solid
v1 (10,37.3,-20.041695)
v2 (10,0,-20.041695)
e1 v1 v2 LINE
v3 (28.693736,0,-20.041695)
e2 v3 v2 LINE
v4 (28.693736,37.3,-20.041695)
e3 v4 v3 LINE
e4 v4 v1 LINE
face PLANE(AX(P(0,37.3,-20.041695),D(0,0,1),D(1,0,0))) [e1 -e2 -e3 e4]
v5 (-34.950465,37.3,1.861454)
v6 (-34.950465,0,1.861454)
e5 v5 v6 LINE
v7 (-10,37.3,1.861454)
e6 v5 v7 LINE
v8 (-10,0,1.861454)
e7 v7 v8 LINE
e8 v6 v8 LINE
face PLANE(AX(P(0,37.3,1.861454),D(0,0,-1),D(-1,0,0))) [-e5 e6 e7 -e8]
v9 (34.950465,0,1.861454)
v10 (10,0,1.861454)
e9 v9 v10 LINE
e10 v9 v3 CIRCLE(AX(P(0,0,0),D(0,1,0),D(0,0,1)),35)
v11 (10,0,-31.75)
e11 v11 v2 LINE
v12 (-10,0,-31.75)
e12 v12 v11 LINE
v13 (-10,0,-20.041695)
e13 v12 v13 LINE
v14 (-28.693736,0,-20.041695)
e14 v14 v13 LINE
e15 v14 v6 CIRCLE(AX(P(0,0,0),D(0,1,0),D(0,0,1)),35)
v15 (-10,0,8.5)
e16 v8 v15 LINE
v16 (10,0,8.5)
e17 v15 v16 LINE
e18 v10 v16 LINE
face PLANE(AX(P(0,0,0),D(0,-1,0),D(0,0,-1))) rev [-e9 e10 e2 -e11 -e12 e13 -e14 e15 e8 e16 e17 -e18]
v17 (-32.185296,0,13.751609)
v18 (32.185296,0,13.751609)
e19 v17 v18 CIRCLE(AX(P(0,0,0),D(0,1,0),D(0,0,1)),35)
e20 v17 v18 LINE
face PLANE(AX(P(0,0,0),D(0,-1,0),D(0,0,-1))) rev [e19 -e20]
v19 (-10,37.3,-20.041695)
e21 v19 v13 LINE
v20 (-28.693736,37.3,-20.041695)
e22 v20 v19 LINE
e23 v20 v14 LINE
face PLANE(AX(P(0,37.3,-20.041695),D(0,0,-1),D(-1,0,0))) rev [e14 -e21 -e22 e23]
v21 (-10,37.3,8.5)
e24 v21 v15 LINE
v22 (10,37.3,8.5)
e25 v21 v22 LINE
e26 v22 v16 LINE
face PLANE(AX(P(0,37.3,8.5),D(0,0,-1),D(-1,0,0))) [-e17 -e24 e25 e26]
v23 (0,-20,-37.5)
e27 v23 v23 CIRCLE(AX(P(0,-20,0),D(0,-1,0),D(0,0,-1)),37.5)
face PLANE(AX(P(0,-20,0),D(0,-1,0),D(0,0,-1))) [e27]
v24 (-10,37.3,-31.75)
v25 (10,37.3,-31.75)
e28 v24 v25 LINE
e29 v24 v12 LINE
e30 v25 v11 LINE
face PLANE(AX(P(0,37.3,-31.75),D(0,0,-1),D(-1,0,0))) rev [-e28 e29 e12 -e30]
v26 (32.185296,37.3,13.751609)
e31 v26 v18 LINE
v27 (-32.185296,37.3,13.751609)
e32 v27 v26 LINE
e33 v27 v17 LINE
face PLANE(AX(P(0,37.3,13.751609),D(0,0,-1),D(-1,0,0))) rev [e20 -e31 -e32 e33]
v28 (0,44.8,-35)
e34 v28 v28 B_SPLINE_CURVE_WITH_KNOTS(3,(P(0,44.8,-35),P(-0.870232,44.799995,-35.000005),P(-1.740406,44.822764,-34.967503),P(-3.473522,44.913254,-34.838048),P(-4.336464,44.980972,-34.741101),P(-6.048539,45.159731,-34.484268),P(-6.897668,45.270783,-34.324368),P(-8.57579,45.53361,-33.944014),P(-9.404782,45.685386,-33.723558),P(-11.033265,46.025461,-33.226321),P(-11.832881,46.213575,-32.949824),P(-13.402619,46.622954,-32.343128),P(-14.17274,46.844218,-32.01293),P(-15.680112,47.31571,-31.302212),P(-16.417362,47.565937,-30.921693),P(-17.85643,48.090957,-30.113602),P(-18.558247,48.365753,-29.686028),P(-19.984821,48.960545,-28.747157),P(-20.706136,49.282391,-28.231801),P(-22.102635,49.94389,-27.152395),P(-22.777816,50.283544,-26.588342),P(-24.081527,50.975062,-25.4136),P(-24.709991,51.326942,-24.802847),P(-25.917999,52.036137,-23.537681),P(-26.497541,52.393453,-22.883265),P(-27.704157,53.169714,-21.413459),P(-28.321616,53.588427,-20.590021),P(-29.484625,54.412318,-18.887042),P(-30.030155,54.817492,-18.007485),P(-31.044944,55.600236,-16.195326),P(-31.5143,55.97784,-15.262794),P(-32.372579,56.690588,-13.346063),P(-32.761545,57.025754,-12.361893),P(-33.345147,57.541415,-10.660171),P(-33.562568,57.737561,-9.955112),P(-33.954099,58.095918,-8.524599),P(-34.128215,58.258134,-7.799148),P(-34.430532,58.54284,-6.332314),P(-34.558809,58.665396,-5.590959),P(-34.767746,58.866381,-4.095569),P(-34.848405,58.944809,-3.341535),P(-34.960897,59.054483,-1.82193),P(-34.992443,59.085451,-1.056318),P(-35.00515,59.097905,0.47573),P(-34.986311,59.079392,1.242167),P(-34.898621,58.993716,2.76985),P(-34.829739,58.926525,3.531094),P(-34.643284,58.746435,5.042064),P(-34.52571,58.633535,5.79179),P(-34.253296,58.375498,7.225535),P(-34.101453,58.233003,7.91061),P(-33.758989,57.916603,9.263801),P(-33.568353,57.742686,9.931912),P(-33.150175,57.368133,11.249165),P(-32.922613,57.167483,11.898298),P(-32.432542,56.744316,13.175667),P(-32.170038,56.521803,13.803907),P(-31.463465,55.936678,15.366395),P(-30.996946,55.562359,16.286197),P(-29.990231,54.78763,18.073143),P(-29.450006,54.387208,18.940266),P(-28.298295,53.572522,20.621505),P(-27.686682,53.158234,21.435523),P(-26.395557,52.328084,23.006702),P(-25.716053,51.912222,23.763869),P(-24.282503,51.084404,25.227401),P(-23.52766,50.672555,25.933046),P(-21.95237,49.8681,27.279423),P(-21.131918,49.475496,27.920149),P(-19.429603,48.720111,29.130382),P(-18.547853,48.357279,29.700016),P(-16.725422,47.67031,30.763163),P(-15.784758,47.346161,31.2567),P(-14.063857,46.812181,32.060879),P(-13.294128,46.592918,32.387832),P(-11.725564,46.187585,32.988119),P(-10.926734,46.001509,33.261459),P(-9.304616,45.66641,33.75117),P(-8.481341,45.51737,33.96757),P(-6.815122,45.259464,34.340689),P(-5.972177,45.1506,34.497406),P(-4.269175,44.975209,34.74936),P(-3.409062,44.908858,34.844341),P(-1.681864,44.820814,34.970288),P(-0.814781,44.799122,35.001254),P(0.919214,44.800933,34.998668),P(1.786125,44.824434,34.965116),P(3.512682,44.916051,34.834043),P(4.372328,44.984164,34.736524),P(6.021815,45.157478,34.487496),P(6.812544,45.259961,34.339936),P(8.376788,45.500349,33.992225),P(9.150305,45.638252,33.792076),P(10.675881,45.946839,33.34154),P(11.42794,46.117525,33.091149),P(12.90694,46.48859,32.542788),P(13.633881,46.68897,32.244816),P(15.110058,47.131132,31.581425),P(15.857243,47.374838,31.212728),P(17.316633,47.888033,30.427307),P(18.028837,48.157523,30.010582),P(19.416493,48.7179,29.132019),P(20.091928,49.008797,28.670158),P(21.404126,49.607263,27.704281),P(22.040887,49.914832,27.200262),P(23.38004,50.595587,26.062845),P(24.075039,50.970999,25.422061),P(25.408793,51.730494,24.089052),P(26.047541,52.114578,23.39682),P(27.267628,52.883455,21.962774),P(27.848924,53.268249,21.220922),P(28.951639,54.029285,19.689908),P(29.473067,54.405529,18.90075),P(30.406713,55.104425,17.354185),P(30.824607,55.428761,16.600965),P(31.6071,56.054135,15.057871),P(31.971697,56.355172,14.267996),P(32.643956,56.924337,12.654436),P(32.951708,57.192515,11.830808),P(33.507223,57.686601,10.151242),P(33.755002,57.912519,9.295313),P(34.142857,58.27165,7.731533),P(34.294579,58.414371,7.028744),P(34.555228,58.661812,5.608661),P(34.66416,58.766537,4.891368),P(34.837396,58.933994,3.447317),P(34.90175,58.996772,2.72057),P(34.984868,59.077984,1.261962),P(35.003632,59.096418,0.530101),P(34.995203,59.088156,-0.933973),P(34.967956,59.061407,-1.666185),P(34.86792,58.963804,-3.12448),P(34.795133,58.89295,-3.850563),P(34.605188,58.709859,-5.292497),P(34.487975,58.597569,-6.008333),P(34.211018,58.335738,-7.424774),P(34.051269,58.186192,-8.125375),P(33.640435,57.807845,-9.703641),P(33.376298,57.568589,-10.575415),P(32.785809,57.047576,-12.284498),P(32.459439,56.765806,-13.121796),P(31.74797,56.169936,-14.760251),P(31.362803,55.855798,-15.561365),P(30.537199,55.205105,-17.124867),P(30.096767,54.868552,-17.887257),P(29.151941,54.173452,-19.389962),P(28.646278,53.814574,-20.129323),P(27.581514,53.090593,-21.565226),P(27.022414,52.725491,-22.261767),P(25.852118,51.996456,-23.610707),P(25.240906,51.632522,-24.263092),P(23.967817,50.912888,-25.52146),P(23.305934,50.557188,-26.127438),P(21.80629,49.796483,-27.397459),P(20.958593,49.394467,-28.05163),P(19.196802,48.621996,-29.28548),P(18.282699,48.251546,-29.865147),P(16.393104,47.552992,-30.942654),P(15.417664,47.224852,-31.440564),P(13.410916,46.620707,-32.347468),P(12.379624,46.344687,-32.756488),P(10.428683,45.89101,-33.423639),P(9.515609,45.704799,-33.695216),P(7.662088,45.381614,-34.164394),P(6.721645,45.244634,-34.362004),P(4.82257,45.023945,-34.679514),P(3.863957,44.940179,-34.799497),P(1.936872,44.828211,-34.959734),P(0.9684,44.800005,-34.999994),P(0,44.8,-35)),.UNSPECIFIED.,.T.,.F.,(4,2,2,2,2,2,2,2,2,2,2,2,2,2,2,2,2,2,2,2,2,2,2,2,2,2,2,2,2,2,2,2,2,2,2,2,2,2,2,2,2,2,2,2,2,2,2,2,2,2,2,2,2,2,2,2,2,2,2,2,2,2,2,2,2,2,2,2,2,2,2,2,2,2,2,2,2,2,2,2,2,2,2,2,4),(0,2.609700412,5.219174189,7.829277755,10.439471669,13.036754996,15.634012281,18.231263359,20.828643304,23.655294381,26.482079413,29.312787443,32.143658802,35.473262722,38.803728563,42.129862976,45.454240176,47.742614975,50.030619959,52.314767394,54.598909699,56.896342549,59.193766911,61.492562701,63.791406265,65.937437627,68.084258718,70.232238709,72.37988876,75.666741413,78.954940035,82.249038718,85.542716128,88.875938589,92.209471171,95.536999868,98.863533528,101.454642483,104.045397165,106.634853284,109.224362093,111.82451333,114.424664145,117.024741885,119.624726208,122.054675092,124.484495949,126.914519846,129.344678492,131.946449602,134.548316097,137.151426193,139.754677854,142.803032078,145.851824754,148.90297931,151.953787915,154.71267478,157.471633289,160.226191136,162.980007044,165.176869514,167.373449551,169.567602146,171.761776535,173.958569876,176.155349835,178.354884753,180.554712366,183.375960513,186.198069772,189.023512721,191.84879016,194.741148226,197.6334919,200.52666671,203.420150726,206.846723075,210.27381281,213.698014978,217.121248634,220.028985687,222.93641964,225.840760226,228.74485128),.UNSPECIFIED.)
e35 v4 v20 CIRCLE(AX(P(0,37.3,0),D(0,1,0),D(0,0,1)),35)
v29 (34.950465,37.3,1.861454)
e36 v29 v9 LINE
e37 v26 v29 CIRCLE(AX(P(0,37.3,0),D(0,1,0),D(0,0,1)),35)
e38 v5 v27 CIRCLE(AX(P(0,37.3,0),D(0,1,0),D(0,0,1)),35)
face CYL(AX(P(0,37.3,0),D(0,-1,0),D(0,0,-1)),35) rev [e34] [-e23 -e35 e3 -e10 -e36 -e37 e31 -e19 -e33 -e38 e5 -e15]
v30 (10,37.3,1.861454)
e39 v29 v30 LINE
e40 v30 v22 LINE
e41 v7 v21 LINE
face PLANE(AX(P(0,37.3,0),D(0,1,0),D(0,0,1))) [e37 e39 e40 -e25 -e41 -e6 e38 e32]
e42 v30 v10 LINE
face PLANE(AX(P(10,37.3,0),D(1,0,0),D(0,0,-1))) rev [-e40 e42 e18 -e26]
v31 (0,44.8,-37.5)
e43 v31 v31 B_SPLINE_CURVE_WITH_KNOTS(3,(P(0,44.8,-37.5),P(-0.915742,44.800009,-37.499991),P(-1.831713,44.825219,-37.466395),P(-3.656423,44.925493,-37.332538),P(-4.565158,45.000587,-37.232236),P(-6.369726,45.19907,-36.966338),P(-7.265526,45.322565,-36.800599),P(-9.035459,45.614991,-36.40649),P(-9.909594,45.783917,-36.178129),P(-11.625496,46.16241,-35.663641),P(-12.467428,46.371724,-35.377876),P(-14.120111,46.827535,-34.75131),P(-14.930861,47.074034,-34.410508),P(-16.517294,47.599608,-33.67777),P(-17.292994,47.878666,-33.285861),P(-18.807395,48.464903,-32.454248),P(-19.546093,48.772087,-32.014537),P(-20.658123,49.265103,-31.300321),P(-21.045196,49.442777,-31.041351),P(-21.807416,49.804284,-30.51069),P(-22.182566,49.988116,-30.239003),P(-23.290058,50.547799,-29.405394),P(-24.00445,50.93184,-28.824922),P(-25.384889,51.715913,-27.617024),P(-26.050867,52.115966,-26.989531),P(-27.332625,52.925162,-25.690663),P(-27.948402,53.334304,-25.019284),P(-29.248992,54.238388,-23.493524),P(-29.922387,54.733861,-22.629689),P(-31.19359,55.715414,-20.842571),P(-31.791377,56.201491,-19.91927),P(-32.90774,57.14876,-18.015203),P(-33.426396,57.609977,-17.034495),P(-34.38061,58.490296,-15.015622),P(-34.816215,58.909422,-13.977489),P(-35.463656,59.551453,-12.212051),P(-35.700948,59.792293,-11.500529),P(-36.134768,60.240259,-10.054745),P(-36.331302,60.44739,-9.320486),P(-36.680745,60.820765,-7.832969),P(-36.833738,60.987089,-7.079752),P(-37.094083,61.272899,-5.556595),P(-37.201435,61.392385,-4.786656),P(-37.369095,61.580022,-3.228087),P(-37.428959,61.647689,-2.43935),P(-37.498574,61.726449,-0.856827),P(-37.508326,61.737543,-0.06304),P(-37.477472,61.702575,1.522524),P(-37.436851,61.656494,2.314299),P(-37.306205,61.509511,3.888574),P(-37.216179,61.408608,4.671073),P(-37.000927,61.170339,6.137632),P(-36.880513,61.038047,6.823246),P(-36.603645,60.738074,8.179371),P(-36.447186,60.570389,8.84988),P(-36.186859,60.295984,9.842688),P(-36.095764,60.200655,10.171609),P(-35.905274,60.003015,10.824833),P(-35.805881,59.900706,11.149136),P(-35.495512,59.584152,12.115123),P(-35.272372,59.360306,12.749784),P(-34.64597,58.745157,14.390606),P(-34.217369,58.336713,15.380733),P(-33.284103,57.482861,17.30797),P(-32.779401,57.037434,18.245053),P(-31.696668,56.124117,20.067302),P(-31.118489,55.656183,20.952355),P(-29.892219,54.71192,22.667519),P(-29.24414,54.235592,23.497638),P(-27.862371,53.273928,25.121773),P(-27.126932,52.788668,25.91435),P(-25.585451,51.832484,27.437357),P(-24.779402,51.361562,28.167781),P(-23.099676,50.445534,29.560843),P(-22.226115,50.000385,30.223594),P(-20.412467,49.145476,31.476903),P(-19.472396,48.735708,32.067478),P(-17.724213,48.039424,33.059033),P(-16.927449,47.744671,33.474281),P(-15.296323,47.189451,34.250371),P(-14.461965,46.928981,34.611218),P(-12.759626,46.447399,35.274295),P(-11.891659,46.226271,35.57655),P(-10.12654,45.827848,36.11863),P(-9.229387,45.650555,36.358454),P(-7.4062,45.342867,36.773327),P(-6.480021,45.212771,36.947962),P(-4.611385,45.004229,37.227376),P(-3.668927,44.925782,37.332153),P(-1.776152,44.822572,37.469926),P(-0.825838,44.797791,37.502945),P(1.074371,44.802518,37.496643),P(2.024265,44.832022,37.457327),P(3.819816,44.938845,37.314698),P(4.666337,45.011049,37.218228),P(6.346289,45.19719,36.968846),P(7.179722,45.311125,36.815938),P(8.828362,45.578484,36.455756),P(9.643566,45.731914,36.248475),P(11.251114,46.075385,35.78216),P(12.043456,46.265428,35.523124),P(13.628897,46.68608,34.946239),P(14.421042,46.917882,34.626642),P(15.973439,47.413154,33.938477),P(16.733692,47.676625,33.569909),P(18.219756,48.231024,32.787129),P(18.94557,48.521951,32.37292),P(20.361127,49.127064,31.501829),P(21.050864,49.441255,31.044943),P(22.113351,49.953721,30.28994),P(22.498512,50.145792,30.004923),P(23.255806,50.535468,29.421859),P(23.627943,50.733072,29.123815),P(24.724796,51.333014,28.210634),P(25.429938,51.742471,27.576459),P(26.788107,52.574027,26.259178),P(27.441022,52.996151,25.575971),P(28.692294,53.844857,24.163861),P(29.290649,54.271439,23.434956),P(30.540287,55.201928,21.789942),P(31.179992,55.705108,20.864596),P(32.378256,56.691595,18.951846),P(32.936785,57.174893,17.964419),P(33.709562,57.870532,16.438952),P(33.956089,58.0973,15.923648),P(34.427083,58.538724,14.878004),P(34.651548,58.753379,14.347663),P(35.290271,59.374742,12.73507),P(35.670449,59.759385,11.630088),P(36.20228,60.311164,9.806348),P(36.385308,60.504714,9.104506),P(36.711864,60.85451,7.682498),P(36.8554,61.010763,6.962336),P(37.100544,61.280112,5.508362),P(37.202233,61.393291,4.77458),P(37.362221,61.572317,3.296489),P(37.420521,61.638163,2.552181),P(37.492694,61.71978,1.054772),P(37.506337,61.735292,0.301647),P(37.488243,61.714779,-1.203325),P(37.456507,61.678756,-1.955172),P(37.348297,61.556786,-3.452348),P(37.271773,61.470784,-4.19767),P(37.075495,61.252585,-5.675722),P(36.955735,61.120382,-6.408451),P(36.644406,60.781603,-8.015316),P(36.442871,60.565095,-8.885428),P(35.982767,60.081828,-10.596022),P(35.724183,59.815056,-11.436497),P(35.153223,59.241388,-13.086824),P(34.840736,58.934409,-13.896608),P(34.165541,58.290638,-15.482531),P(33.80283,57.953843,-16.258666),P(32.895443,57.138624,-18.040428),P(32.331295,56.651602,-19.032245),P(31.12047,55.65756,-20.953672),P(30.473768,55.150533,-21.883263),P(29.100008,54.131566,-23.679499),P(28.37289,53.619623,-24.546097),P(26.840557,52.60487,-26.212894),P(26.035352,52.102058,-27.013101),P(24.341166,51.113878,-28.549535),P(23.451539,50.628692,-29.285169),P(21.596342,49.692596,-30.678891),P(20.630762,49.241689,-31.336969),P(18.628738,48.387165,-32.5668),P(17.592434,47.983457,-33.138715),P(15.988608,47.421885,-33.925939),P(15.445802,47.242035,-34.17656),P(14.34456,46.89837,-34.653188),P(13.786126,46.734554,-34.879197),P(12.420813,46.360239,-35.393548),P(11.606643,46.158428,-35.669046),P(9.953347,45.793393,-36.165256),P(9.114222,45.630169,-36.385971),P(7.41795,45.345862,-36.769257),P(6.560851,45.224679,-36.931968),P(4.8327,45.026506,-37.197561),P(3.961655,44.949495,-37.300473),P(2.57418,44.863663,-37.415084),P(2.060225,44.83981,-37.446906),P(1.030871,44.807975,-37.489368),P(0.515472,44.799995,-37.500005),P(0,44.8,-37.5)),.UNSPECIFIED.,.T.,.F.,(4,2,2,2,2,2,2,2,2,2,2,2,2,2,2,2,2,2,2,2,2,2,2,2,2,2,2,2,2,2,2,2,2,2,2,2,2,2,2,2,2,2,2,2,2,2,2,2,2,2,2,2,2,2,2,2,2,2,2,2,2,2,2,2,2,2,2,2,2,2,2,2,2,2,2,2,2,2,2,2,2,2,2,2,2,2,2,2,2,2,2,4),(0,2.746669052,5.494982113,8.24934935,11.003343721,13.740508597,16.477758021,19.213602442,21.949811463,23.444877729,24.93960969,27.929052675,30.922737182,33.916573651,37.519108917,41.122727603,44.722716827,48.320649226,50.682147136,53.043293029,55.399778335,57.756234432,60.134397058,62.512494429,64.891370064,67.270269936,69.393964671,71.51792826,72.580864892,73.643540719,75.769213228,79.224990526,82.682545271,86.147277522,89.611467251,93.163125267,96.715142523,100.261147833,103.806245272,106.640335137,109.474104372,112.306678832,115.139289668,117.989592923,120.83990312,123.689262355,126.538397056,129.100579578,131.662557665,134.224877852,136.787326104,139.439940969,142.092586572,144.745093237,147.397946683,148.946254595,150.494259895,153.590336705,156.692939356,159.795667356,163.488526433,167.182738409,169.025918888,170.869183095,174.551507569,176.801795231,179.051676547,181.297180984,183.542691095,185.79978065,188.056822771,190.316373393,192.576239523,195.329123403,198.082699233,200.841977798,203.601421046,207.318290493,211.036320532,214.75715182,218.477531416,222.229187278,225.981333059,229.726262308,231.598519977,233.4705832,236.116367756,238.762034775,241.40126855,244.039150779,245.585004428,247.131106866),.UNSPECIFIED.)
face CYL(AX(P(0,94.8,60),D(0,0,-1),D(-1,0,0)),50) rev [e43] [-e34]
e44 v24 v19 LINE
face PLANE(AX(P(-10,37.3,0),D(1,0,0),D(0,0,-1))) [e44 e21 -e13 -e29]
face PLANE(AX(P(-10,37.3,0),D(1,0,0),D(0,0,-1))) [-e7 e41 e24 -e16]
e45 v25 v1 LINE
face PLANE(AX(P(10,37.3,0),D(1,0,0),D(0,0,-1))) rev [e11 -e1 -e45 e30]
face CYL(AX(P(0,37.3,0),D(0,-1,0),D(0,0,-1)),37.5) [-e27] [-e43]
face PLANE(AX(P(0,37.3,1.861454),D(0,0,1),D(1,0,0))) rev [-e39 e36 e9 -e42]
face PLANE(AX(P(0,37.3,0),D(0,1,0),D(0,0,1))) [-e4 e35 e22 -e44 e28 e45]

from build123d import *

# Parameters (mm, degrees)
SKETCH2_R               = 37.5
SKETCH2_R_2             = 35
BOSS_EXTRUDE2_DEPTH     = 37.3
BOSS_EXTRUDE3_START     = 20
SKETCH3_R               = 37.5
BOSS_EXTRUDE3_DEPTH     = 20
SKETCH4_R               = 37.5
SKETCH4_R_2             = 35
BOSS_EXTRUDE4_DEPTH     = 40
CUT_EXTRUDE2_DEPTH      = 60
CUT_EXTRUDE2_DEPTH_BACK = 60
SKETCH5_R               = 50


with BuildPart() as part:
    # Sketch2 → Boss-Extrude2 (new body)
    # profile 1 of 3: a face of its own
    with BuildSketch(Plane(origin=(0, 0, 0), x_dir=(1, 0, 0), z_dir=(0, 1, 0))):
        with Locations(Location((0, 0, 0), (0, 0, 270))):
            Circle(SKETCH2_R)
        Circle(SKETCH2_R_2, mode=Mode.SUBTRACT)
    # profile 2 of 3: a face of its own
    with BuildSketch(Plane(origin=(0, 0, 0), x_dir=(1, 0, 0), z_dir=(0, 1, 0))):
        with BuildLine():
            ThreePointArc((28.693735847, 20.041694617), (0, 35), (-28.693735847, 20.041694617))
            Line((-28.693735847, 20.041694617), (-10, 20.041694617))
            Line((-10, 20.041694617), (-10, 31.75))
            Line((-10, 31.75), (10, 31.75))
            Line((10, 31.75), (10, 20.041694617))
            Line((10, 20.041694617), (28.693735847, 20.041694617))
        make_face()
    # profile 3 of 3: a face of its own
    with BuildSketch(Plane(origin=(0, 0, 0), x_dir=(1, 0, 0), z_dir=(0, 1, 0))):
        with BuildLine():
            Line((-10, -1.861454278), (-34.950464775, -1.861454278))
            ThreePointArc((-34.950464775, -1.861454278), (-34.090270263, -7.928018251), (-32.18529571, -13.751608636))
            Line((-32.18529571, -13.751608636), (32.18529571, -13.751608636))
            ThreePointArc((32.18529571, -13.751608636), (34.090270263, -7.928018251), (34.950464775, -1.861454278))
            Line((34.950464775, -1.861454278), (10, -1.861454278))
            Line((10, -1.861454278), (10, -8.5))
            Line((10, -8.5), (-10, -8.5))
            Line((-10, -8.5), (-10, -1.861454278))
        make_face()
    extrude(amount=BOSS_EXTRUDE2_DEPTH)

    # Sketch3 → Boss-Extrude3 (add)
    with BuildSketch(Plane.XZ.offset(BOSS_EXTRUDE3_START)):
        with Locations(Location((0, 0, 0), (0, 0, 270))):
            Circle(SKETCH3_R)
    extrude(amount=-BOSS_EXTRUDE3_DEPTH)

    # Sketch4 → Boss-Extrude4 (add)
    with BuildSketch(Plane(origin=(0, 37.3, 0), x_dir=(1, 0, 0), z_dir=(0, 1, 0))):
        with Locations(Location((0, 0, 0), (0, 0, 90))):
            Circle(SKETCH4_R)
        with Locations(Location((0, 0, 0), (0, 0, 34.933118398))):
            Circle(SKETCH4_R_2, mode=Mode.SUBTRACT)
    extrude(amount=BOSS_EXTRUDE4_DEPTH)

    # Sketch5 → Cut-Extrude2 (cut, two sides: drawn at the far end of the back side and taken through both)
    with BuildSketch(Plane.XY.offset(-CUT_EXTRUDE2_DEPTH_BACK)):
        with Locations((0, 94.8)):
            Circle(SKETCH5_R)
    extrude(amount=CUT_EXTRUDE2_DEPTH + CUT_EXTRUDE2_DEPTH_BACK, mode=Mode.SUBTRACT)


solid = part.part
